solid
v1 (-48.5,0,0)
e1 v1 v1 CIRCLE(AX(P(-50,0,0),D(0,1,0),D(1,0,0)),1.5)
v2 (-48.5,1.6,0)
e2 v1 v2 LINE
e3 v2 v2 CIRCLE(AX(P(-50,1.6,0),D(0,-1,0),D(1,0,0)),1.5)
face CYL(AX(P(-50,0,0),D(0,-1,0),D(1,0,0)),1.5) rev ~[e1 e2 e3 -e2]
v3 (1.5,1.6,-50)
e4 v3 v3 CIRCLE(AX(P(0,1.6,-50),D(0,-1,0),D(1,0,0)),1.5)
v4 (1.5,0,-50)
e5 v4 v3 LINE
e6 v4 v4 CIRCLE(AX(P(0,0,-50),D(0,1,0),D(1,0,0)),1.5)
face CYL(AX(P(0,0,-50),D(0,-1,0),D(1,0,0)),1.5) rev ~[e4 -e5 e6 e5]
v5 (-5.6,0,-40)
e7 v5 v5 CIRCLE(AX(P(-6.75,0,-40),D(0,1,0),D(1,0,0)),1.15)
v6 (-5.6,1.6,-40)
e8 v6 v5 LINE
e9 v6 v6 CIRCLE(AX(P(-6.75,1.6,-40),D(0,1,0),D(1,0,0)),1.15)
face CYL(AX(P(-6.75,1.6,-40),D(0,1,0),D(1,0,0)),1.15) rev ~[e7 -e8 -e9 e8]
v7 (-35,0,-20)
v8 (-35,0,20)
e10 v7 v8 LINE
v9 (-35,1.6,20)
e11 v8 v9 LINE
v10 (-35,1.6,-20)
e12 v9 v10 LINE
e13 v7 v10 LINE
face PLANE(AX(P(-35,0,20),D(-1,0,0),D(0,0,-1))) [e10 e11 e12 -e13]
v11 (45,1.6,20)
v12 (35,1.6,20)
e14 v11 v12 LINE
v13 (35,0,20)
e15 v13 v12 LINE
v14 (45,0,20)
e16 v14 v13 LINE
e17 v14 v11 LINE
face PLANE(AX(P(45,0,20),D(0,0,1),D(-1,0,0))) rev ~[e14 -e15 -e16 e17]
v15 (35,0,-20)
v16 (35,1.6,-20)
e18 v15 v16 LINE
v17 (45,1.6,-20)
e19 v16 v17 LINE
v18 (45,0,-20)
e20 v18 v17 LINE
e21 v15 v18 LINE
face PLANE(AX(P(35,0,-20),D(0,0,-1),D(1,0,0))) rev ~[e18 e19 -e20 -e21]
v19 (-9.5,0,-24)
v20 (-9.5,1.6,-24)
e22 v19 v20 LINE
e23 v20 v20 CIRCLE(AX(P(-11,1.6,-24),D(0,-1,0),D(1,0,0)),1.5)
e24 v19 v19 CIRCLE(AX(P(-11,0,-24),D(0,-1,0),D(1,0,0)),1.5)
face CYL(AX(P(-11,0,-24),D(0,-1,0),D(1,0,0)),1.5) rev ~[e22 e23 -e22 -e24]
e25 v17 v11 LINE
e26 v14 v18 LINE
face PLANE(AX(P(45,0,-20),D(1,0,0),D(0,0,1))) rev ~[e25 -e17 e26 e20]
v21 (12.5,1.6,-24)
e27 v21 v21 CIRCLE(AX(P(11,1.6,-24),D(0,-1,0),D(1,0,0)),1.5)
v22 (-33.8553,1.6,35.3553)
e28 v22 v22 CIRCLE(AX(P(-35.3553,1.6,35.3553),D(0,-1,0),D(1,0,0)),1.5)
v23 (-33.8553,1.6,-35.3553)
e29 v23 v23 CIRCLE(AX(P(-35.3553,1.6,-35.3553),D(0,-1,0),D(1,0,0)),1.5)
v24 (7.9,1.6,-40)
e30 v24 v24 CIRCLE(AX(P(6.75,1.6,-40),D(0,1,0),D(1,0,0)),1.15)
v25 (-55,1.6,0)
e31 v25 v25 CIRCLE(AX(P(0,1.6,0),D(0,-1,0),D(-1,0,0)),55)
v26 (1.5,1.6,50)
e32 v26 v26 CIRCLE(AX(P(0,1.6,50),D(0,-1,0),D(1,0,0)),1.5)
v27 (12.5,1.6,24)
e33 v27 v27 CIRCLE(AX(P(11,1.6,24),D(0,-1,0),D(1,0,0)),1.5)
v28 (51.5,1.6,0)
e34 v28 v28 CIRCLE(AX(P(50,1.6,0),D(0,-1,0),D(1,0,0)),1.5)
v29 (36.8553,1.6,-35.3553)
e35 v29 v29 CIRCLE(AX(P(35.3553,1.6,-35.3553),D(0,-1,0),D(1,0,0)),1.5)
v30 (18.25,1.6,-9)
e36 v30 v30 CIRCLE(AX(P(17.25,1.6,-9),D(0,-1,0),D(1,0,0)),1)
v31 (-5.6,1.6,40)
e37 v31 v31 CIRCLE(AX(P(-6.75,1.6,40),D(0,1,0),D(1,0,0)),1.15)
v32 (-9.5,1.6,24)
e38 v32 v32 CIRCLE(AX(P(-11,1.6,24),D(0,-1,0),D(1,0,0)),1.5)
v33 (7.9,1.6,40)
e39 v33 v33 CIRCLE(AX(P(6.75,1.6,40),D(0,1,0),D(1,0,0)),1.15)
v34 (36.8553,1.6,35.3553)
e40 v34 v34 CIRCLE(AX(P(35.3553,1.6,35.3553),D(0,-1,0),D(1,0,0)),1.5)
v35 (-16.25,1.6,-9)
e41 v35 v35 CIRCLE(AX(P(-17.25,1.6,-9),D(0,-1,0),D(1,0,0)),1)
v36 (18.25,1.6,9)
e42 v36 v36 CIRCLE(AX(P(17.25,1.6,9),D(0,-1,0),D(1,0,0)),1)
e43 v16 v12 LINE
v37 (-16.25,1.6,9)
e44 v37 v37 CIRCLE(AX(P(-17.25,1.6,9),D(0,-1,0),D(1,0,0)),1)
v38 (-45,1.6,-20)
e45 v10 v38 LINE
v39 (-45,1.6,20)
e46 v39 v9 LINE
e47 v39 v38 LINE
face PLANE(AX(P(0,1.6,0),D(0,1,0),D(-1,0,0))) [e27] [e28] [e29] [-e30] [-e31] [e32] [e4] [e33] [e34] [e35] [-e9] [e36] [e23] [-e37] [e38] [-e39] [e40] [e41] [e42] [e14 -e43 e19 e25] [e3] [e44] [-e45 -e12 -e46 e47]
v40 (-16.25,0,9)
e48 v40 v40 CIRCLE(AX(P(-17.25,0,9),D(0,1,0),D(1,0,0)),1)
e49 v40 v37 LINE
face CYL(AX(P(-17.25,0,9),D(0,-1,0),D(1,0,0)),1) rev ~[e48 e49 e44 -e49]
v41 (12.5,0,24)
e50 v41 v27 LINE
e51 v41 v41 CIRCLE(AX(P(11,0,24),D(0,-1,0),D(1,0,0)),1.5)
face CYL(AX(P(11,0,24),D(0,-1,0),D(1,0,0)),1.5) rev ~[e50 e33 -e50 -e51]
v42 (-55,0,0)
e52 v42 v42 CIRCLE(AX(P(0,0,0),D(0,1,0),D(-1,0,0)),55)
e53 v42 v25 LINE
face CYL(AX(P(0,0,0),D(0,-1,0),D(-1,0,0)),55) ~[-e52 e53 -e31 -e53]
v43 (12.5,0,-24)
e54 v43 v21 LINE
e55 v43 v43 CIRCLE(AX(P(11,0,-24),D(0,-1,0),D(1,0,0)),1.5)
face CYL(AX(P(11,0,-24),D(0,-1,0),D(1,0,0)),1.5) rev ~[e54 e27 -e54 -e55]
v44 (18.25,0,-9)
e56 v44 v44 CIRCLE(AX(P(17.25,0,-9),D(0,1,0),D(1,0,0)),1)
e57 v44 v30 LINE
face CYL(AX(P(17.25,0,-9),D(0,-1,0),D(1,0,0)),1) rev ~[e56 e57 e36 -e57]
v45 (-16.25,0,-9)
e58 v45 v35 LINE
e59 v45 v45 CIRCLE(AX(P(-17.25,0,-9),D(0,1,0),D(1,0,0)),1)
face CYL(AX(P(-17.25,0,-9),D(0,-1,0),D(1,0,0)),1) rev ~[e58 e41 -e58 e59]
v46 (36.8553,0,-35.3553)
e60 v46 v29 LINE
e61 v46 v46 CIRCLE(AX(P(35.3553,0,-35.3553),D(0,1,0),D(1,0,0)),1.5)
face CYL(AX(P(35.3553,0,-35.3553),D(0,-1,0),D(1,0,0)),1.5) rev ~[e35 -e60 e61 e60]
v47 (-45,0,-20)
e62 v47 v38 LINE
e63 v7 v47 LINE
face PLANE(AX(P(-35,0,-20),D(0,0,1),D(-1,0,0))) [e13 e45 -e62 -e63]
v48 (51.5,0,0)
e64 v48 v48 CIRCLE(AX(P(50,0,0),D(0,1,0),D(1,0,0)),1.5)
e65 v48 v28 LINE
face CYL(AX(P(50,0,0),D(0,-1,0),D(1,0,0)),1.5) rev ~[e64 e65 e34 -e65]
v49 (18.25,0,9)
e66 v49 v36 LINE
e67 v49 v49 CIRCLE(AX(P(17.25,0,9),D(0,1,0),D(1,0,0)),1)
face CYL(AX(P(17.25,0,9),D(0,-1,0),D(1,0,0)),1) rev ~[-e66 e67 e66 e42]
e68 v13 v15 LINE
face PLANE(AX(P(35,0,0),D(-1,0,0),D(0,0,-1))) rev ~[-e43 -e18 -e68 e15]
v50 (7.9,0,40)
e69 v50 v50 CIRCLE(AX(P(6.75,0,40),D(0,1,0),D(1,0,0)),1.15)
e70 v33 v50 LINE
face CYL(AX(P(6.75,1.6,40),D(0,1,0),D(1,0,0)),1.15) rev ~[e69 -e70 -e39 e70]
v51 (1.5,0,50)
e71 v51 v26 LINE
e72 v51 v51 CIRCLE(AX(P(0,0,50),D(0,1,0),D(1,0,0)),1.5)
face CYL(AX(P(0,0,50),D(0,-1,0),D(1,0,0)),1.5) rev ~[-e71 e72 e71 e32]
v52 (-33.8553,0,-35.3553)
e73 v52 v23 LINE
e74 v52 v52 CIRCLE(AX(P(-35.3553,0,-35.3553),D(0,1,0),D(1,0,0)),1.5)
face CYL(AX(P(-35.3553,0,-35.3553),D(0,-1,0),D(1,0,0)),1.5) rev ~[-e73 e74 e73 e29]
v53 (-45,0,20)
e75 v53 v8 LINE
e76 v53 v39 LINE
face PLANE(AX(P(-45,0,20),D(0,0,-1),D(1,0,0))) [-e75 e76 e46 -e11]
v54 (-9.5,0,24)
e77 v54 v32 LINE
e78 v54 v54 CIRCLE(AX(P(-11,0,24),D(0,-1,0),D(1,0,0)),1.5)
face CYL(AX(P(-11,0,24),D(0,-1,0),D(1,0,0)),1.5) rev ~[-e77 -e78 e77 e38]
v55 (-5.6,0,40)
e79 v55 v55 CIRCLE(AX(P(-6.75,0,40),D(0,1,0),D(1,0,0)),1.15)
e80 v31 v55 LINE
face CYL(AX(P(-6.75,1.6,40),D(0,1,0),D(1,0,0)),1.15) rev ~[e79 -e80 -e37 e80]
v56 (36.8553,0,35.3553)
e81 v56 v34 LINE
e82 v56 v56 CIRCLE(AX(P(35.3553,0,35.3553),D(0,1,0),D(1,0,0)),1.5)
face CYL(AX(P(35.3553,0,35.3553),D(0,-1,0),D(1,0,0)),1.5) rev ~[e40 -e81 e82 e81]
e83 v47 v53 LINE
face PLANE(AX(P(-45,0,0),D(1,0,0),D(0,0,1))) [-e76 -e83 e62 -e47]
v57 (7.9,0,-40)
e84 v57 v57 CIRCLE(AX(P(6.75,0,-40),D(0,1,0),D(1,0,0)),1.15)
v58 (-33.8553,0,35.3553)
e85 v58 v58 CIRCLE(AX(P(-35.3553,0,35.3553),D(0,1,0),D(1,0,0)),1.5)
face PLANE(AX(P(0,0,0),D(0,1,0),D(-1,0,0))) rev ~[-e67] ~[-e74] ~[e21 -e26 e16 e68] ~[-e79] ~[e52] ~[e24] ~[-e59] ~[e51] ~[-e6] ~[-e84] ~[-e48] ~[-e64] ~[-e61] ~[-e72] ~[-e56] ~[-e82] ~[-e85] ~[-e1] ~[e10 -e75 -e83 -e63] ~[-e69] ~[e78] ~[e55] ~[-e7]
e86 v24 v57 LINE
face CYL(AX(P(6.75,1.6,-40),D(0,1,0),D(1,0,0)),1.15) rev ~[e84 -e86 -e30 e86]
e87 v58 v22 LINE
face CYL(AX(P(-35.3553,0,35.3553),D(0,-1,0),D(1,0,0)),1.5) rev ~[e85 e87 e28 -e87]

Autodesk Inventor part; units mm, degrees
ref_plane "YZ Plane" through (0, 0, 0) normal (1, 0, 0) x (0, 1, 0)
ref_plane "XZ Plane" through (0, 0, 0) normal (0, 1, 0) x (-1, 0, 0)
ref_plane "XY Plane" through (0, 0, 0) normal (0, 0, 1) x (1, 0, 0)
sketch "Эскиз1" plane through (0, 0, 0) normal (0, 1, 0) x (-1, 0, 0)
  circle A0 centre (0, 0) radius 55
  line L0 (79.4555, 0) -> (-79.4555, 0)
  line L1 (0, -103.8803) -> (0, 88.3129)
  dimension "d0" = 110
extrude "Выдавливание1" add sketch "Эскиз1" along normal blind 1.6
sketch "Эскиз2" plane through (0, 0, 0) normal (0, -1, 0) x (1, 0, 0)
  circle A0 centre (0, 0) radius 55 projected
  line L0 (0, -103.8803) -> (0, 88.3129) projected
  line L1 (-79.4555, 0) -> (79.4555, 0) projected
  line L2 (11.5, -13.3) -> (23, -13.3)
  line L3 (23, -13.3) -> (23, 13.3)
  line L4 (23, 13.3) -> (11.5, 13.3)
  line L5 (11.5, 13.3) -> (11.5, -13.3)
  line L6 (35, -20) -> (45, -20)
  line L7 (45, -20) -> (45, 20)
  line L8 (45, 20) -> (35, 20)
  line L9 (35, 20) -> (35, -20)
  line L10 (17.25, -13.3) -> (17.25, 13.3)
  circle A1 centre (17.25, -9) radius 1
  circle A2 centre (17.25, 9) radius 1
  line L11 (3, 6) -> (33, 6)
  line L12 (33, 6) -> (33, -6)
  line L13 (33, -6) -> (3, -6)
  line L14 (3, -6) -> (3, 6)
  line L15 (-11.5, -13.3) -> (-23, -13.3)
  line L16 (-23, -13.3) -> (-23, 13.3)
  line L17 (-23, 13.3) -> (-11.5, 13.3)
  line L18 (-11.5, 13.3) -> (-11.5, -13.3)
  line L19 (-35, -20) -> (-45, -20)
  line L20 (-45, -20) -> (-45, 20)
  line L21 (-45, 20) -> (-35, 20)
  line L22 (-35, 20) -> (-35, -20)
  line L23 (-17.25, -13.3) -> (-17.25, 13.3)
  circle A3 centre (-17.25, -9) radius 1
  circle A4 centre (-17.25, 9) radius 1
  line L24 (-3, 6) -> (-33, 6)
  line L25 (-33, 6) -> (-33, -6)
  line L26 (-33, -6) -> (-3, -6)
  line L27 (-3, -6) -> (-3, 6)
  circle A5 centre (0, 0) radius 50
  circle A6 centre (0, -50) radius 1.5
  circle A7 centre (50, 0) radius 1.5
  circle A8 centre (0, 50) radius 1.5
  circle A9 centre (-50, 0) radius 1.5
  circle A10 centre (35.3553, -35.3553) radius 1.5
  circle A11 centre (50, 0) radius 1.5
  circle A12 centre (35.3553, 35.3553) radius 1.5
  circle A13 centre (0, 50) radius 1.5
  circle A14 centre (-35.3553, 35.3553) radius 1.5
  circle A15 centre (-50, 0) radius 1.5
  circle A16 centre (-35.3553, -35.3553) radius 1.5
  dimension "d6" = 11.5
  dimension "d7" = 26.6
  dimension "d9" = 10
  dimension "d10" = 40
  dimension "d11" = 45
  dimension "d12" = 12
  dimension "d13" = 2
  dimension "d14" = 18
  dimension "d15" = 2
  dimension "d16" = 30
  dimension "d17" = 12
  dimension "d18" = 2
  dimension "d21" = 100
  dimension "d22" = 3
  dimension "d23" = 3
  dimension "d25" = 3
  dimension "d26" = 3
  dimension "d30" = 360
extrude "Выдавливание2" cut sketch "Эскиз2" against normal blind 1.6 contours A7 A5 L1 | L1 A5 A7 | A8 A5 L0 | L0 A5 A8 | A6 A5 L0 | L0 A5 A6 | A5 A7 L1 | L1 A7 A5 | A9 A5 L1 | L1 A5 A9 | A5 A8 L0 | L0 A8 A5 | A5 A6 L0 | L0 A6 A5 | A12 A5 | A5 A12 | A10 A5 | A5 A10 | A5 A9 L1 | L1 A9 A5 | A14 A5 | A5 A14 | A16 A5 | A5 A16 | L7 L6 L9 L1 | L1 L9 L8 L7 | L20 L21 L22 L1 | L1 L22 L19 L20 | A3 L23 | L23 A3 | A4 L23 | L23 A4 | A1 L10 | L10 A1 | A2 L10 | L10 A2
sketch "Эскиз3" plane through (0, 0, 0) normal (0, -1, 0) x (1, 0, 0)
  circle A0 centre (50, 0) radius 1.5 projected
  circle A1 centre (-50, 0) radius 1.5 projected
  circle A2 centre (-17.25, 9) radius 1 projected
  line L0 (35, -20) -> (35, 20) projected
  line L1 (35, 20) -> (45, 20) projected
  line L2 (45, 20) -> (45, -20) projected
  line L3 (45, -20) -> (35, -20) projected
  line L4 (-35, -20) -> (-45, -20) projected
  line L5 (-45, -20) -> (-45, 20) projected
  line L6 (-45, 20) -> (-35, 20) projected
  line L7 (-35, 20) -> (-35, -20) projected
  circle A3 centre (-35.3553, 35.3553) radius 1.5 projected
  circle A4 centre (35.3553, -35.3553) radius 1.5 projected
  circle A5 centre (35.3553, 35.3553) radius 1.5 projected
  circle A6 centre (-35.3553, -35.3553) radius 1.5 projected
  circle A7 centre (17.25, 9) radius 1 projected
  circle A8 centre (17.25, -9) radius 1 projected
  circle A9 centre (-17.25, -9) radius 1 projected
  circle A10 centre (0, 50) radius 1.5 projected
  circle A11 centre (0, -50) radius 1.5 projected
  circle A12 centre (0, 0) radius 55 projected
  line L8 (-79.4555, 0) -> (79.4555, 0) projected
  line L9 (0, -103.8803) -> (0, 88.3129) projected
  circle A13 centre (0, 0) radius 50 projected
  circle A14 centre (-35.3553, -35.3553) radius 1.5 projected
  line L10 (23, 13.3) -> (11.5, 13.3) projected
  line L11 (-21.1, -39.0646) -> (21.1, -39.0646)
  line L12 (21.1, -39.0646) -> (21.1, 37.2354)
  line L13 (21.1, 37.2354) -> (-21.1, 37.2354)
  line L14 (-21.1, 37.2354) -> (-21.1, -39.0646)
  circle A15 centre (-11, -24) radius 1.5
  circle A16 centre (11, -24) radius 1.5
  circle A17 centre (11, 24) radius 1.5
  circle A18 centre (-11, 24) radius 1.5
  dimension "d34" = 76.3
  dimension "d35" = 42.2
  dimension "d37" = 3
  dimension "d38" = 3
  dimension "d39" = 3
  dimension "d40" = 3
  dimension "d42" = 22
  dimension "d43" = 48
extrude "Выдавливание3" cut sketch "Эскиз3" against normal blind 1.6 contours A15 | A16 | A17 | A18
sketch "Эскиз4" plane through (0, 1.6, 0) normal (0, 1, 0) x (1, 0, 0)
  circle A0 centre (-11, 24) radius 1.5 projected
  circle A1 centre (11, 24) radius 1.5 projected
  circle A2 centre (11, -24) radius 1.5 projected
  circle A3 centre (11, 24) radius 1.5 projected
  circle A4 centre (-11, -24) radius 1.5 projected
  circle A5 centre (-11, 24) radius 1.5 projected
  circle A6 centre (50, 0) radius 1.5 projected
  circle A7 centre (-50, 0) radius 1.5 projected
  circle A8 centre (-17.25, -9) radius 1 projected
  line L0 (45, -20) -> (35, -20) projected
  line L1 (35, -20) -> (35, 20) projected
  line L2 (35, 20) -> (45, 20) projected
  line L3 (45, 20) -> (45, -20) projected
  line L4 (-45, -20) -> (-45, 20) projected
  line L5 (-45, 20) -> (-35, 20) projected
  line L6 (-35, 20) -> (-35, -20) projected
  line L7 (-35, -20) -> (-45, -20) projected
  circle A9 centre (-35.3553, -35.3553) radius 1.5 projected
  circle A10 centre (35.3553, 35.3553) radius 1.5 projected
  circle A11 centre (35.3553, -35.3553) radius 1.5 projected
  circle A12 centre (-35.3553, 35.3553) radius 1.5 projected
  circle A13 centre (17.25, -9) radius 1 projected
  circle A14 centre (17.25, 9) radius 1 projected
  circle A15 centre (-17.25, 9) radius 1 projected
  circle A16 centre (0, -50) radius 1.5 projected
  circle A17 centre (0, 50) radius 1.5 projected
  circle A18 centre (0, 0) radius 55 projected
  line L8 (0, 103.8803) -> (0, -88.3129) projected
  line L9 (-79.4555, 0) -> (79.4555, 0) projected
  circle A19 centre (6.75, 40) radius 1.15
  circle A20 centre (-6.75, 40) radius 1.15
  circle A21 centre (6.75, -40) radius 1.15
  circle A22 centre (-6.75, -40) radius 1.15
  dimension "d48" = 2.3
  dimension "d51" = 13.5
  dimension "d52" = 10
  dimension "d54" = 2.3
  dimension "d56" = 13.5
  dimension "d57" = 10
extrude "Выдавливание4" cut sketch "Эскиз4" against normal blind 10 contours A19 | A20 | A21 | A22
properties part number "pcbCase"
